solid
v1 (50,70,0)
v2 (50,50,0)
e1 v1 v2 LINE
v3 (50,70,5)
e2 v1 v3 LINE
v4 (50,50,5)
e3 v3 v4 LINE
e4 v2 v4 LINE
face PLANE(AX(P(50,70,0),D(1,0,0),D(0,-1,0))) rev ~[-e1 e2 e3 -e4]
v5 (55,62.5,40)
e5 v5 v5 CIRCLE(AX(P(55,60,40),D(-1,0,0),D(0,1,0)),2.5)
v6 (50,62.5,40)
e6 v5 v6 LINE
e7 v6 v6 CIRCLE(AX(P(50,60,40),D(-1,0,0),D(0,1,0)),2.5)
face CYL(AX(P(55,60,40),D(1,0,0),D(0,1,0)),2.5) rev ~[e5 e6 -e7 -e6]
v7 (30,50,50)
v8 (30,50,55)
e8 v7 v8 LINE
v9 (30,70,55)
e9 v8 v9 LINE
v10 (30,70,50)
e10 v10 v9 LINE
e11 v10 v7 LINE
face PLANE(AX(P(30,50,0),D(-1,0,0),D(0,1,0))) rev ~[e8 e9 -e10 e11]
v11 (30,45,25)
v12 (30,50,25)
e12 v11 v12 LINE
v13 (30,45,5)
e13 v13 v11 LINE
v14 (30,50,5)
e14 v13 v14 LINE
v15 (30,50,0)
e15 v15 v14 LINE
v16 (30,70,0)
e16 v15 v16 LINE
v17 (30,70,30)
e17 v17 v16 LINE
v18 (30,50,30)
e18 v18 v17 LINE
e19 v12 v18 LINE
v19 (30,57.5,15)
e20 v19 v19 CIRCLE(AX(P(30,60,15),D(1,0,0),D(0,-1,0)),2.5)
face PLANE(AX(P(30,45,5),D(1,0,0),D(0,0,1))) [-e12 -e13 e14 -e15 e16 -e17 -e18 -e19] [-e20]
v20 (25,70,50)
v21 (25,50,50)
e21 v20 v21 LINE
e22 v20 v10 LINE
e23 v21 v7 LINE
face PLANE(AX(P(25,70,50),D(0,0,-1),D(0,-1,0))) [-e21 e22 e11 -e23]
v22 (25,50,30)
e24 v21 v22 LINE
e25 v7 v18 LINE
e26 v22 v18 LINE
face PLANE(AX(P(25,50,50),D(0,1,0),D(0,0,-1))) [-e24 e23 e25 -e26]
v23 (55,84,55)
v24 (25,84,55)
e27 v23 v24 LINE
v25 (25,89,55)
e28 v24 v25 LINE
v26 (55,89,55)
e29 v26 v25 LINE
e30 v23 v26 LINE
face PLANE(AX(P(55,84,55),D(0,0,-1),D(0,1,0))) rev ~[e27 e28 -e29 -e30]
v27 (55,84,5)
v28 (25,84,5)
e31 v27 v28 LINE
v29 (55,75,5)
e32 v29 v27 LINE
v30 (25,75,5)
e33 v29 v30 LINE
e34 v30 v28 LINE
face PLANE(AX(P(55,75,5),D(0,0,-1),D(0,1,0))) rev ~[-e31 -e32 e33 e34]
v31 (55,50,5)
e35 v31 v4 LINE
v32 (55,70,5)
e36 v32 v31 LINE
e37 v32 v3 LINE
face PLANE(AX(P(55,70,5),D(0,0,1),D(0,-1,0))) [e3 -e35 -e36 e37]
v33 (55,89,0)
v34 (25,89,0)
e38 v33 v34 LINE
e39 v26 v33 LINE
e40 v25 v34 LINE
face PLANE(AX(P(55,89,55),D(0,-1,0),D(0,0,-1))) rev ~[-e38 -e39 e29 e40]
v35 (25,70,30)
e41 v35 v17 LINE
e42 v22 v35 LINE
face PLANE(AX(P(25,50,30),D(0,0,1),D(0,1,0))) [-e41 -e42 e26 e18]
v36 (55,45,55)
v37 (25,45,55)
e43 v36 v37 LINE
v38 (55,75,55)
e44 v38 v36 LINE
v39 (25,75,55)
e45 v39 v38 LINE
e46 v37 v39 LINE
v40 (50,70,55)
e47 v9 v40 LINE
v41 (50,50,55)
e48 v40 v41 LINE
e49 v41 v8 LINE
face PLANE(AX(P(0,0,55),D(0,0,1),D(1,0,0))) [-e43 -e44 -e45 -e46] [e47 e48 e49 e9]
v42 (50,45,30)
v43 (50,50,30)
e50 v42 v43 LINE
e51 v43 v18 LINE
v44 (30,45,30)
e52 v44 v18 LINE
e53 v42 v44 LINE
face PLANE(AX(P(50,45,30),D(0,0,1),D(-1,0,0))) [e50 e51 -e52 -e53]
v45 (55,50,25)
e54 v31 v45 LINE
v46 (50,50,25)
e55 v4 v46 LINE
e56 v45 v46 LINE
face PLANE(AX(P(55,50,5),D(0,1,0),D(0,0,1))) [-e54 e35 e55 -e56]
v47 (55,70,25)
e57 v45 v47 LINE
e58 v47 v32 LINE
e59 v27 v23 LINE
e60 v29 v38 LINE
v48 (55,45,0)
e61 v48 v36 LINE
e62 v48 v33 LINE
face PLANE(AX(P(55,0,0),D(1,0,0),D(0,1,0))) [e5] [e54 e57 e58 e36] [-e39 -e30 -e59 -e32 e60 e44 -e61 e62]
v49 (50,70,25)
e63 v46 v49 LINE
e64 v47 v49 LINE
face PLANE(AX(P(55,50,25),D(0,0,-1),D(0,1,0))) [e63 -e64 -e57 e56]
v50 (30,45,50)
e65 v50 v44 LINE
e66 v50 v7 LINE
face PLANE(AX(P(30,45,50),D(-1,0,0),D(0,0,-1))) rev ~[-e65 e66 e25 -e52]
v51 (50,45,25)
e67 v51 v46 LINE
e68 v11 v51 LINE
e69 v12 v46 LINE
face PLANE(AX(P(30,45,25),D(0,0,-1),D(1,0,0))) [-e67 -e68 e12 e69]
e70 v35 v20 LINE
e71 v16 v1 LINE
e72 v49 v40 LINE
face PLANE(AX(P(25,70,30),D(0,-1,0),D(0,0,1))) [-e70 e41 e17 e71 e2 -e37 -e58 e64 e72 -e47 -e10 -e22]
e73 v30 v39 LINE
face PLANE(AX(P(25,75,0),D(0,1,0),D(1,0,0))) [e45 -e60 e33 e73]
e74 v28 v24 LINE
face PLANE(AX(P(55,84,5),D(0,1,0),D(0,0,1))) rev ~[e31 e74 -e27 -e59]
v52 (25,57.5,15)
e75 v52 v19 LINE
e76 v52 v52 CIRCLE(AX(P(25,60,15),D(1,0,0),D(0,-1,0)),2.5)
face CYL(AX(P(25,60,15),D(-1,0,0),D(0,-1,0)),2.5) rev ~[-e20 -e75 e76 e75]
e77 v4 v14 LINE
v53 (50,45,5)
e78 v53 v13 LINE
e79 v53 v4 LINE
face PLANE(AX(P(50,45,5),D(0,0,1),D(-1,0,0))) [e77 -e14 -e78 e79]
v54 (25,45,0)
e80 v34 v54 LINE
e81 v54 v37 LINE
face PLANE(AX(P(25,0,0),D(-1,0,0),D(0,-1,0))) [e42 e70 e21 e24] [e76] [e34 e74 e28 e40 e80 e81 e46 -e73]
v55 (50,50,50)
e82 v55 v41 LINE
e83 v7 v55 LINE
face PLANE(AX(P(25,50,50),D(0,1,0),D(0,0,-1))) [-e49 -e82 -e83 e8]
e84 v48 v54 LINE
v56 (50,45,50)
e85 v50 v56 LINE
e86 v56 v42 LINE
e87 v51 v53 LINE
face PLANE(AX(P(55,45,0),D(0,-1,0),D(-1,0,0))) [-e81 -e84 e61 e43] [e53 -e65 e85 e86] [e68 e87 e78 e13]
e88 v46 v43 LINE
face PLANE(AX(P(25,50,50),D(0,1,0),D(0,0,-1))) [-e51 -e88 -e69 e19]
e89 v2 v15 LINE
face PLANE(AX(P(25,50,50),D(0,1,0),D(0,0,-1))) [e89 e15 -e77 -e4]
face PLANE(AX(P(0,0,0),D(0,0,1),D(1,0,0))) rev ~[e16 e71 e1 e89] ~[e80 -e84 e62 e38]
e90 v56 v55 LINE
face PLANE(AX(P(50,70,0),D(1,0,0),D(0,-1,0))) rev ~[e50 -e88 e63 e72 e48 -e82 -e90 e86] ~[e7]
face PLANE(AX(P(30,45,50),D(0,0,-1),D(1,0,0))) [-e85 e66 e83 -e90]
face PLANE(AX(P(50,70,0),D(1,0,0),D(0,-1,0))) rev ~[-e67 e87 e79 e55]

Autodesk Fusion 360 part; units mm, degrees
sketch "Sketch1" plane through (0, 0, 0) normal (0, 0, 1) x (1, 0, 0)
  line L0 (25, 75) -> (55, 75)
  line L1 (55, 75) -> (55, 45)
  line L2 (55, 45) -> (25, 45)
  line L3 (25, 45) -> (25, 75)
  dimension "d1" = 30
  dimension "d2" = 30
extrude "Extrude1" add sketch "Sketch1" along normal blind 55
sketch "Sketch2" plane through (0, 0, 0) normal (0, 0, 1) x (1, 0, 0)
  line L0 (25, 75) -> (25, 70)
  line L1 (25, 70) -> (50, 70)
  line L2 (50, 70) -> (50, 50)
  line L3 (50, 50) -> (30, 50)
  line L4 (30, 50) -> (30, 70)
  dimension "d5" = 5
  dimension "d6" = 25
  dimension "d7" = 20
  dimension "d8" = 20
extrude "Extrude2" cut sketch "Sketch2" along normal blind 55
sketch "Sketch3" plane through (25, 0, 0) normal (-1, 0, 0) x (0, -1, 0)
  line L0 (-75, 0) -> (-45, 0)
  line L1 (-45, 0) -> (-45, 55)
  line L2 (-45, 55) -> (-75, 55)
  line L3 (-75, 55) -> (-75, 0)
  line L4 (-70, 50) -> (-50, 50)
  line L5 (-50, 50) -> (-50, 30)
  line L6 (-50, 30) -> (-70, 30)
  line L7 (-70, 30) -> (-70, 50)
  line L8 (-70, 25) -> (-50, 25)
  line L9 (-50, 25) -> (-50, 5)
  line L10 (-50, 5) -> (-70, 5)
  line L11 (-70, 5) -> (-70, 25)
extrude "Extrude3" cut sketch "Sketch3" against normal blind 6 contours L4 L5 L6 L7 | L8 L9 L10 L11
sketch "Sketch4" plane through (0, 45, 0) normal (0, -1, 0) x (1, 0, 0)
  line L0 (25, 0) -> (55, 0)
  line L1 (55, 0) -> (55, 55)
  line L2 (55, 55) -> (25, 55)
  line L3 (25, 55) -> (25, 0)
  line L4 (30, 50) -> (50, 50)
  line L5 (50, 50) -> (50, 30)
  line L6 (50, 30) -> (30, 30)
  line L7 (30, 50) -> (30, 30)
  line L8 (30, 25) -> (50, 25)
  line L9 (50, 25) -> (50, 5)
  line L10 (50, 5) -> (30, 5)
  line L11 (30, 5) -> (30, 25)
extrude "Extrude4" cut sketch "Sketch4" against normal blind 5 contours L4 L5 L6 L7 | L8 L9 L10 L11
sketch "Sketch5" plane through (55, 0, 0) normal (1, 0, 0) x (0, 1, 0)
  line L0 (45, 0) -> (75, 0)
  line L1 (75, 0) -> (75, 55)
  line L2 (75, 55) -> (45, 55)
  line L3 (45, 55) -> (45, 0)
  line L4 (50, 50) -> (70, 50)
  line L5 (70, 50) -> (70, 30)
  line L6 (70, 30) -> (50, 30)
  line L7 (50, 30) -> (50, 50)
  line L8 (50, 25) -> (70, 25)
  line L9 (70, 25) -> (70, 5)
  line L10 (70, 5) -> (50, 5)
  line L11 (50, 5) -> (50, 25)
extrude "Extrude5" cut sketch "Sketch5" against normal blind 5 contours L4 L5 L6 L7 | L8 L9 L10 L11
sketch "Sketch6" plane through (0, 0, 0) normal (0, 0, -1) x (1, 0, 0)
  line L0 (30, -70) -> (30, -50)
  line L1 (30, -50) -> (50, -50)
  line L2 (50, -50) -> (50, -70)
  line L3 (50, -70) -> (30, -70)
  line L4 (55, -45) -> (25, -45)
  line L5 (25, -45) -> (25, -75)
  line L6 (25, -75) -> (55, -75)
  line L7 (55, -75) -> (55, -45)
sketch "Sketch7" plane through (55, 0, 0) normal (1, 0, 0) x (0, 1, 0)
  line L0 (70, 50) -> (70, 30)
  line L1 (70, 30) -> (50, 30)
  line L2 (50, 30) -> (50, 50)
  line L3 (50, 50) -> (70, 50)
  line L4 (70, 25) -> (70, 5)
  line L5 (70, 5) -> (50, 5)
  line L6 (50, 5) -> (50, 25)
  line L7 (50, 25) -> (70, 25)
  line L8 (45, 0) -> (75, 0)
  line L9 (75, 0) -> (75, 55)
  line L10 (75, 55) -> (45, 55)
  line L11 (45, 55) -> (45, 0)
  line L12 (75, 0) -> (84, 0)
  line L13 (84, 0) -> (89, 0)
  line L14 (84, 0) -> (84, 55)
  line L15 (84, 55) -> (89, 55)
  line L16 (89, 55) -> (89, 0)
  line L17 (75, 0) -> (75, 5)
  line L18 (75, 5) -> (84, 5)
  dimension "d17" = 9
  dimension "d18" = 5
  dimension "d19" = 5
extrude "Extrude6" add sketch "Sketch7" against normal blind 30 contours L9 L12 L14 L17 L18 | L13 L14 L15 L16
sketch "Sketch8" plane through (0, 0, 0) normal (1, 0, 0) x (0, 1, 0)
sketch "Sketch9" plane through (25, 0, 0) normal (-1, 0, 0) x (0, -1, 0)
  line L0 (-50, 50) -> (-50, 30)
  line L1 (-50, 30) -> (-70, 30)
  line L2 (-70, 30) -> (-70, 50)
  line L3 (-70, 50) -> (-50, 50)
  line L4 (-50, 25) -> (-50, 5)
  line L5 (-50, 5) -> (-70, 5)
  line L6 (-70, 5) -> (-70, 25)
  line L7 (-70, 25) -> (-50, 25)
  line L8 (-89, 0) -> (-45, 0)
  line L9 (-45, 0) -> (-45, 55)
  line L10 (-45, 55) -> (-75, 55)
  line L11 (-75, 55) -> (-75, 5)
  line L12 (-75, 5) -> (-84, 5)
  line L13 (-84, 5) -> (-84, 55)
  line L14 (-84, 55) -> (-89, 55)
  line L15 (-89, 55) -> (-89, 0)
  line L16 (-50, 5) -> (-70, 5)
  line L17 (-70, 5) -> (-70, 25)
  line L18 (-70, 25) -> (-50, 25)
  line L19 (-50, 25) -> (-50, 5)
extrude "Extrude7" add sketch "Sketch9" against normal blind 5 contours L4 L5 L6 L7 L16 L17 L18 L19
sketch "Sketch10" plane through (25, 0, 0) normal (-1, 0, 0) x (0, -1, 0)
  line L0 (-50, 50) -> (-50, 30)
  line L1 (-50, 30) -> (-70, 30)
  line L2 (-70, 30) -> (-70, 50)
  line L3 (-70, 50) -> (-50, 50)
  line L4 (-89, 0) -> (-45, 0)
  line L5 (-45, 0) -> (-45, 55)
  line L6 (-45, 55) -> (-75, 55)
  line L7 (-75, 55) -> (-75, 5)
  line L8 (-75, 5) -> (-84, 5)
  line L9 (-84, 5) -> (-84, 55)
  line L10 (-84, 55) -> (-89, 55)
  line L11 (-89, 55) -> (-89, 0)
  line L12 (-60, 0) -> (-60, 15)
  circle A0 centre (-60, 15) radius 2.5
  dimension "d24" = 5
extrude "Extrude8" cut sketch "Sketch10" against normal blind 5 contours A0
sketch "Sketch11" plane through (55, 0, 0) normal (1, 0, 0) x (0, 1, 0)
  line L0 (70, 50) -> (70, 30)
  line L1 (70, 30) -> (50, 30)
  line L2 (50, 30) -> (50, 50)
  line L3 (50, 50) -> (70, 50)
  line L4 (70, 25) -> (70, 5)
  line L5 (70, 5) -> (50, 5)
  line L6 (50, 5) -> (50, 25)
  line L7 (50, 25) -> (70, 25)
  line L8 (45, 0) -> (89, 0)
  line L9 (89, 0) -> (89, 55)
  line L10 (89, 55) -> (84, 55)
  line L11 (84, 55) -> (84, 5)
  line L12 (84, 5) -> (75, 5)
  line L13 (75, 5) -> (75, 55)
  line L14 (75, 55) -> (45, 55)
  line L15 (45, 55) -> (45, 0)
  line L16 (70, 30) -> (50, 30)
  line L17 (50, 30) -> (50, 50)
  line L18 (50, 50) -> (70, 50)
  line L19 (70, 50) -> (70, 30)
extrude "Extrude9" add sketch "Sketch11" against normal blind 5 contours L0 L1 L2 L3 L16 L17 L18 L19
sketch "Sketch12" plane through (55, 0, 0) normal (1, 0, 0) x (0, 1, 0)
  line L0 (70, 25) -> (70, 5)
  line L1 (70, 5) -> (50, 5)
  line L2 (50, 5) -> (50, 25)
  line L3 (50, 25) -> (70, 25)
  line L4 (45, 0) -> (89, 0)
  line L5 (89, 0) -> (89, 55)
  line L6 (89, 55) -> (84, 55)
  line L7 (84, 55) -> (84, 5)
  line L8 (84, 5) -> (75, 5)
  line L9 (75, 5) -> (75, 55)
  line L10 (75, 55) -> (45, 55)
  line L11 (45, 55) -> (45, 0)
  line L12 (60, 55) -> (60, 40)
  circle A0 centre (60, 40) radius 2.5
  dimension "d29" = 5
extrude "Extrude10" cut sketch "Sketch12" against normal blind 5 contours A0
